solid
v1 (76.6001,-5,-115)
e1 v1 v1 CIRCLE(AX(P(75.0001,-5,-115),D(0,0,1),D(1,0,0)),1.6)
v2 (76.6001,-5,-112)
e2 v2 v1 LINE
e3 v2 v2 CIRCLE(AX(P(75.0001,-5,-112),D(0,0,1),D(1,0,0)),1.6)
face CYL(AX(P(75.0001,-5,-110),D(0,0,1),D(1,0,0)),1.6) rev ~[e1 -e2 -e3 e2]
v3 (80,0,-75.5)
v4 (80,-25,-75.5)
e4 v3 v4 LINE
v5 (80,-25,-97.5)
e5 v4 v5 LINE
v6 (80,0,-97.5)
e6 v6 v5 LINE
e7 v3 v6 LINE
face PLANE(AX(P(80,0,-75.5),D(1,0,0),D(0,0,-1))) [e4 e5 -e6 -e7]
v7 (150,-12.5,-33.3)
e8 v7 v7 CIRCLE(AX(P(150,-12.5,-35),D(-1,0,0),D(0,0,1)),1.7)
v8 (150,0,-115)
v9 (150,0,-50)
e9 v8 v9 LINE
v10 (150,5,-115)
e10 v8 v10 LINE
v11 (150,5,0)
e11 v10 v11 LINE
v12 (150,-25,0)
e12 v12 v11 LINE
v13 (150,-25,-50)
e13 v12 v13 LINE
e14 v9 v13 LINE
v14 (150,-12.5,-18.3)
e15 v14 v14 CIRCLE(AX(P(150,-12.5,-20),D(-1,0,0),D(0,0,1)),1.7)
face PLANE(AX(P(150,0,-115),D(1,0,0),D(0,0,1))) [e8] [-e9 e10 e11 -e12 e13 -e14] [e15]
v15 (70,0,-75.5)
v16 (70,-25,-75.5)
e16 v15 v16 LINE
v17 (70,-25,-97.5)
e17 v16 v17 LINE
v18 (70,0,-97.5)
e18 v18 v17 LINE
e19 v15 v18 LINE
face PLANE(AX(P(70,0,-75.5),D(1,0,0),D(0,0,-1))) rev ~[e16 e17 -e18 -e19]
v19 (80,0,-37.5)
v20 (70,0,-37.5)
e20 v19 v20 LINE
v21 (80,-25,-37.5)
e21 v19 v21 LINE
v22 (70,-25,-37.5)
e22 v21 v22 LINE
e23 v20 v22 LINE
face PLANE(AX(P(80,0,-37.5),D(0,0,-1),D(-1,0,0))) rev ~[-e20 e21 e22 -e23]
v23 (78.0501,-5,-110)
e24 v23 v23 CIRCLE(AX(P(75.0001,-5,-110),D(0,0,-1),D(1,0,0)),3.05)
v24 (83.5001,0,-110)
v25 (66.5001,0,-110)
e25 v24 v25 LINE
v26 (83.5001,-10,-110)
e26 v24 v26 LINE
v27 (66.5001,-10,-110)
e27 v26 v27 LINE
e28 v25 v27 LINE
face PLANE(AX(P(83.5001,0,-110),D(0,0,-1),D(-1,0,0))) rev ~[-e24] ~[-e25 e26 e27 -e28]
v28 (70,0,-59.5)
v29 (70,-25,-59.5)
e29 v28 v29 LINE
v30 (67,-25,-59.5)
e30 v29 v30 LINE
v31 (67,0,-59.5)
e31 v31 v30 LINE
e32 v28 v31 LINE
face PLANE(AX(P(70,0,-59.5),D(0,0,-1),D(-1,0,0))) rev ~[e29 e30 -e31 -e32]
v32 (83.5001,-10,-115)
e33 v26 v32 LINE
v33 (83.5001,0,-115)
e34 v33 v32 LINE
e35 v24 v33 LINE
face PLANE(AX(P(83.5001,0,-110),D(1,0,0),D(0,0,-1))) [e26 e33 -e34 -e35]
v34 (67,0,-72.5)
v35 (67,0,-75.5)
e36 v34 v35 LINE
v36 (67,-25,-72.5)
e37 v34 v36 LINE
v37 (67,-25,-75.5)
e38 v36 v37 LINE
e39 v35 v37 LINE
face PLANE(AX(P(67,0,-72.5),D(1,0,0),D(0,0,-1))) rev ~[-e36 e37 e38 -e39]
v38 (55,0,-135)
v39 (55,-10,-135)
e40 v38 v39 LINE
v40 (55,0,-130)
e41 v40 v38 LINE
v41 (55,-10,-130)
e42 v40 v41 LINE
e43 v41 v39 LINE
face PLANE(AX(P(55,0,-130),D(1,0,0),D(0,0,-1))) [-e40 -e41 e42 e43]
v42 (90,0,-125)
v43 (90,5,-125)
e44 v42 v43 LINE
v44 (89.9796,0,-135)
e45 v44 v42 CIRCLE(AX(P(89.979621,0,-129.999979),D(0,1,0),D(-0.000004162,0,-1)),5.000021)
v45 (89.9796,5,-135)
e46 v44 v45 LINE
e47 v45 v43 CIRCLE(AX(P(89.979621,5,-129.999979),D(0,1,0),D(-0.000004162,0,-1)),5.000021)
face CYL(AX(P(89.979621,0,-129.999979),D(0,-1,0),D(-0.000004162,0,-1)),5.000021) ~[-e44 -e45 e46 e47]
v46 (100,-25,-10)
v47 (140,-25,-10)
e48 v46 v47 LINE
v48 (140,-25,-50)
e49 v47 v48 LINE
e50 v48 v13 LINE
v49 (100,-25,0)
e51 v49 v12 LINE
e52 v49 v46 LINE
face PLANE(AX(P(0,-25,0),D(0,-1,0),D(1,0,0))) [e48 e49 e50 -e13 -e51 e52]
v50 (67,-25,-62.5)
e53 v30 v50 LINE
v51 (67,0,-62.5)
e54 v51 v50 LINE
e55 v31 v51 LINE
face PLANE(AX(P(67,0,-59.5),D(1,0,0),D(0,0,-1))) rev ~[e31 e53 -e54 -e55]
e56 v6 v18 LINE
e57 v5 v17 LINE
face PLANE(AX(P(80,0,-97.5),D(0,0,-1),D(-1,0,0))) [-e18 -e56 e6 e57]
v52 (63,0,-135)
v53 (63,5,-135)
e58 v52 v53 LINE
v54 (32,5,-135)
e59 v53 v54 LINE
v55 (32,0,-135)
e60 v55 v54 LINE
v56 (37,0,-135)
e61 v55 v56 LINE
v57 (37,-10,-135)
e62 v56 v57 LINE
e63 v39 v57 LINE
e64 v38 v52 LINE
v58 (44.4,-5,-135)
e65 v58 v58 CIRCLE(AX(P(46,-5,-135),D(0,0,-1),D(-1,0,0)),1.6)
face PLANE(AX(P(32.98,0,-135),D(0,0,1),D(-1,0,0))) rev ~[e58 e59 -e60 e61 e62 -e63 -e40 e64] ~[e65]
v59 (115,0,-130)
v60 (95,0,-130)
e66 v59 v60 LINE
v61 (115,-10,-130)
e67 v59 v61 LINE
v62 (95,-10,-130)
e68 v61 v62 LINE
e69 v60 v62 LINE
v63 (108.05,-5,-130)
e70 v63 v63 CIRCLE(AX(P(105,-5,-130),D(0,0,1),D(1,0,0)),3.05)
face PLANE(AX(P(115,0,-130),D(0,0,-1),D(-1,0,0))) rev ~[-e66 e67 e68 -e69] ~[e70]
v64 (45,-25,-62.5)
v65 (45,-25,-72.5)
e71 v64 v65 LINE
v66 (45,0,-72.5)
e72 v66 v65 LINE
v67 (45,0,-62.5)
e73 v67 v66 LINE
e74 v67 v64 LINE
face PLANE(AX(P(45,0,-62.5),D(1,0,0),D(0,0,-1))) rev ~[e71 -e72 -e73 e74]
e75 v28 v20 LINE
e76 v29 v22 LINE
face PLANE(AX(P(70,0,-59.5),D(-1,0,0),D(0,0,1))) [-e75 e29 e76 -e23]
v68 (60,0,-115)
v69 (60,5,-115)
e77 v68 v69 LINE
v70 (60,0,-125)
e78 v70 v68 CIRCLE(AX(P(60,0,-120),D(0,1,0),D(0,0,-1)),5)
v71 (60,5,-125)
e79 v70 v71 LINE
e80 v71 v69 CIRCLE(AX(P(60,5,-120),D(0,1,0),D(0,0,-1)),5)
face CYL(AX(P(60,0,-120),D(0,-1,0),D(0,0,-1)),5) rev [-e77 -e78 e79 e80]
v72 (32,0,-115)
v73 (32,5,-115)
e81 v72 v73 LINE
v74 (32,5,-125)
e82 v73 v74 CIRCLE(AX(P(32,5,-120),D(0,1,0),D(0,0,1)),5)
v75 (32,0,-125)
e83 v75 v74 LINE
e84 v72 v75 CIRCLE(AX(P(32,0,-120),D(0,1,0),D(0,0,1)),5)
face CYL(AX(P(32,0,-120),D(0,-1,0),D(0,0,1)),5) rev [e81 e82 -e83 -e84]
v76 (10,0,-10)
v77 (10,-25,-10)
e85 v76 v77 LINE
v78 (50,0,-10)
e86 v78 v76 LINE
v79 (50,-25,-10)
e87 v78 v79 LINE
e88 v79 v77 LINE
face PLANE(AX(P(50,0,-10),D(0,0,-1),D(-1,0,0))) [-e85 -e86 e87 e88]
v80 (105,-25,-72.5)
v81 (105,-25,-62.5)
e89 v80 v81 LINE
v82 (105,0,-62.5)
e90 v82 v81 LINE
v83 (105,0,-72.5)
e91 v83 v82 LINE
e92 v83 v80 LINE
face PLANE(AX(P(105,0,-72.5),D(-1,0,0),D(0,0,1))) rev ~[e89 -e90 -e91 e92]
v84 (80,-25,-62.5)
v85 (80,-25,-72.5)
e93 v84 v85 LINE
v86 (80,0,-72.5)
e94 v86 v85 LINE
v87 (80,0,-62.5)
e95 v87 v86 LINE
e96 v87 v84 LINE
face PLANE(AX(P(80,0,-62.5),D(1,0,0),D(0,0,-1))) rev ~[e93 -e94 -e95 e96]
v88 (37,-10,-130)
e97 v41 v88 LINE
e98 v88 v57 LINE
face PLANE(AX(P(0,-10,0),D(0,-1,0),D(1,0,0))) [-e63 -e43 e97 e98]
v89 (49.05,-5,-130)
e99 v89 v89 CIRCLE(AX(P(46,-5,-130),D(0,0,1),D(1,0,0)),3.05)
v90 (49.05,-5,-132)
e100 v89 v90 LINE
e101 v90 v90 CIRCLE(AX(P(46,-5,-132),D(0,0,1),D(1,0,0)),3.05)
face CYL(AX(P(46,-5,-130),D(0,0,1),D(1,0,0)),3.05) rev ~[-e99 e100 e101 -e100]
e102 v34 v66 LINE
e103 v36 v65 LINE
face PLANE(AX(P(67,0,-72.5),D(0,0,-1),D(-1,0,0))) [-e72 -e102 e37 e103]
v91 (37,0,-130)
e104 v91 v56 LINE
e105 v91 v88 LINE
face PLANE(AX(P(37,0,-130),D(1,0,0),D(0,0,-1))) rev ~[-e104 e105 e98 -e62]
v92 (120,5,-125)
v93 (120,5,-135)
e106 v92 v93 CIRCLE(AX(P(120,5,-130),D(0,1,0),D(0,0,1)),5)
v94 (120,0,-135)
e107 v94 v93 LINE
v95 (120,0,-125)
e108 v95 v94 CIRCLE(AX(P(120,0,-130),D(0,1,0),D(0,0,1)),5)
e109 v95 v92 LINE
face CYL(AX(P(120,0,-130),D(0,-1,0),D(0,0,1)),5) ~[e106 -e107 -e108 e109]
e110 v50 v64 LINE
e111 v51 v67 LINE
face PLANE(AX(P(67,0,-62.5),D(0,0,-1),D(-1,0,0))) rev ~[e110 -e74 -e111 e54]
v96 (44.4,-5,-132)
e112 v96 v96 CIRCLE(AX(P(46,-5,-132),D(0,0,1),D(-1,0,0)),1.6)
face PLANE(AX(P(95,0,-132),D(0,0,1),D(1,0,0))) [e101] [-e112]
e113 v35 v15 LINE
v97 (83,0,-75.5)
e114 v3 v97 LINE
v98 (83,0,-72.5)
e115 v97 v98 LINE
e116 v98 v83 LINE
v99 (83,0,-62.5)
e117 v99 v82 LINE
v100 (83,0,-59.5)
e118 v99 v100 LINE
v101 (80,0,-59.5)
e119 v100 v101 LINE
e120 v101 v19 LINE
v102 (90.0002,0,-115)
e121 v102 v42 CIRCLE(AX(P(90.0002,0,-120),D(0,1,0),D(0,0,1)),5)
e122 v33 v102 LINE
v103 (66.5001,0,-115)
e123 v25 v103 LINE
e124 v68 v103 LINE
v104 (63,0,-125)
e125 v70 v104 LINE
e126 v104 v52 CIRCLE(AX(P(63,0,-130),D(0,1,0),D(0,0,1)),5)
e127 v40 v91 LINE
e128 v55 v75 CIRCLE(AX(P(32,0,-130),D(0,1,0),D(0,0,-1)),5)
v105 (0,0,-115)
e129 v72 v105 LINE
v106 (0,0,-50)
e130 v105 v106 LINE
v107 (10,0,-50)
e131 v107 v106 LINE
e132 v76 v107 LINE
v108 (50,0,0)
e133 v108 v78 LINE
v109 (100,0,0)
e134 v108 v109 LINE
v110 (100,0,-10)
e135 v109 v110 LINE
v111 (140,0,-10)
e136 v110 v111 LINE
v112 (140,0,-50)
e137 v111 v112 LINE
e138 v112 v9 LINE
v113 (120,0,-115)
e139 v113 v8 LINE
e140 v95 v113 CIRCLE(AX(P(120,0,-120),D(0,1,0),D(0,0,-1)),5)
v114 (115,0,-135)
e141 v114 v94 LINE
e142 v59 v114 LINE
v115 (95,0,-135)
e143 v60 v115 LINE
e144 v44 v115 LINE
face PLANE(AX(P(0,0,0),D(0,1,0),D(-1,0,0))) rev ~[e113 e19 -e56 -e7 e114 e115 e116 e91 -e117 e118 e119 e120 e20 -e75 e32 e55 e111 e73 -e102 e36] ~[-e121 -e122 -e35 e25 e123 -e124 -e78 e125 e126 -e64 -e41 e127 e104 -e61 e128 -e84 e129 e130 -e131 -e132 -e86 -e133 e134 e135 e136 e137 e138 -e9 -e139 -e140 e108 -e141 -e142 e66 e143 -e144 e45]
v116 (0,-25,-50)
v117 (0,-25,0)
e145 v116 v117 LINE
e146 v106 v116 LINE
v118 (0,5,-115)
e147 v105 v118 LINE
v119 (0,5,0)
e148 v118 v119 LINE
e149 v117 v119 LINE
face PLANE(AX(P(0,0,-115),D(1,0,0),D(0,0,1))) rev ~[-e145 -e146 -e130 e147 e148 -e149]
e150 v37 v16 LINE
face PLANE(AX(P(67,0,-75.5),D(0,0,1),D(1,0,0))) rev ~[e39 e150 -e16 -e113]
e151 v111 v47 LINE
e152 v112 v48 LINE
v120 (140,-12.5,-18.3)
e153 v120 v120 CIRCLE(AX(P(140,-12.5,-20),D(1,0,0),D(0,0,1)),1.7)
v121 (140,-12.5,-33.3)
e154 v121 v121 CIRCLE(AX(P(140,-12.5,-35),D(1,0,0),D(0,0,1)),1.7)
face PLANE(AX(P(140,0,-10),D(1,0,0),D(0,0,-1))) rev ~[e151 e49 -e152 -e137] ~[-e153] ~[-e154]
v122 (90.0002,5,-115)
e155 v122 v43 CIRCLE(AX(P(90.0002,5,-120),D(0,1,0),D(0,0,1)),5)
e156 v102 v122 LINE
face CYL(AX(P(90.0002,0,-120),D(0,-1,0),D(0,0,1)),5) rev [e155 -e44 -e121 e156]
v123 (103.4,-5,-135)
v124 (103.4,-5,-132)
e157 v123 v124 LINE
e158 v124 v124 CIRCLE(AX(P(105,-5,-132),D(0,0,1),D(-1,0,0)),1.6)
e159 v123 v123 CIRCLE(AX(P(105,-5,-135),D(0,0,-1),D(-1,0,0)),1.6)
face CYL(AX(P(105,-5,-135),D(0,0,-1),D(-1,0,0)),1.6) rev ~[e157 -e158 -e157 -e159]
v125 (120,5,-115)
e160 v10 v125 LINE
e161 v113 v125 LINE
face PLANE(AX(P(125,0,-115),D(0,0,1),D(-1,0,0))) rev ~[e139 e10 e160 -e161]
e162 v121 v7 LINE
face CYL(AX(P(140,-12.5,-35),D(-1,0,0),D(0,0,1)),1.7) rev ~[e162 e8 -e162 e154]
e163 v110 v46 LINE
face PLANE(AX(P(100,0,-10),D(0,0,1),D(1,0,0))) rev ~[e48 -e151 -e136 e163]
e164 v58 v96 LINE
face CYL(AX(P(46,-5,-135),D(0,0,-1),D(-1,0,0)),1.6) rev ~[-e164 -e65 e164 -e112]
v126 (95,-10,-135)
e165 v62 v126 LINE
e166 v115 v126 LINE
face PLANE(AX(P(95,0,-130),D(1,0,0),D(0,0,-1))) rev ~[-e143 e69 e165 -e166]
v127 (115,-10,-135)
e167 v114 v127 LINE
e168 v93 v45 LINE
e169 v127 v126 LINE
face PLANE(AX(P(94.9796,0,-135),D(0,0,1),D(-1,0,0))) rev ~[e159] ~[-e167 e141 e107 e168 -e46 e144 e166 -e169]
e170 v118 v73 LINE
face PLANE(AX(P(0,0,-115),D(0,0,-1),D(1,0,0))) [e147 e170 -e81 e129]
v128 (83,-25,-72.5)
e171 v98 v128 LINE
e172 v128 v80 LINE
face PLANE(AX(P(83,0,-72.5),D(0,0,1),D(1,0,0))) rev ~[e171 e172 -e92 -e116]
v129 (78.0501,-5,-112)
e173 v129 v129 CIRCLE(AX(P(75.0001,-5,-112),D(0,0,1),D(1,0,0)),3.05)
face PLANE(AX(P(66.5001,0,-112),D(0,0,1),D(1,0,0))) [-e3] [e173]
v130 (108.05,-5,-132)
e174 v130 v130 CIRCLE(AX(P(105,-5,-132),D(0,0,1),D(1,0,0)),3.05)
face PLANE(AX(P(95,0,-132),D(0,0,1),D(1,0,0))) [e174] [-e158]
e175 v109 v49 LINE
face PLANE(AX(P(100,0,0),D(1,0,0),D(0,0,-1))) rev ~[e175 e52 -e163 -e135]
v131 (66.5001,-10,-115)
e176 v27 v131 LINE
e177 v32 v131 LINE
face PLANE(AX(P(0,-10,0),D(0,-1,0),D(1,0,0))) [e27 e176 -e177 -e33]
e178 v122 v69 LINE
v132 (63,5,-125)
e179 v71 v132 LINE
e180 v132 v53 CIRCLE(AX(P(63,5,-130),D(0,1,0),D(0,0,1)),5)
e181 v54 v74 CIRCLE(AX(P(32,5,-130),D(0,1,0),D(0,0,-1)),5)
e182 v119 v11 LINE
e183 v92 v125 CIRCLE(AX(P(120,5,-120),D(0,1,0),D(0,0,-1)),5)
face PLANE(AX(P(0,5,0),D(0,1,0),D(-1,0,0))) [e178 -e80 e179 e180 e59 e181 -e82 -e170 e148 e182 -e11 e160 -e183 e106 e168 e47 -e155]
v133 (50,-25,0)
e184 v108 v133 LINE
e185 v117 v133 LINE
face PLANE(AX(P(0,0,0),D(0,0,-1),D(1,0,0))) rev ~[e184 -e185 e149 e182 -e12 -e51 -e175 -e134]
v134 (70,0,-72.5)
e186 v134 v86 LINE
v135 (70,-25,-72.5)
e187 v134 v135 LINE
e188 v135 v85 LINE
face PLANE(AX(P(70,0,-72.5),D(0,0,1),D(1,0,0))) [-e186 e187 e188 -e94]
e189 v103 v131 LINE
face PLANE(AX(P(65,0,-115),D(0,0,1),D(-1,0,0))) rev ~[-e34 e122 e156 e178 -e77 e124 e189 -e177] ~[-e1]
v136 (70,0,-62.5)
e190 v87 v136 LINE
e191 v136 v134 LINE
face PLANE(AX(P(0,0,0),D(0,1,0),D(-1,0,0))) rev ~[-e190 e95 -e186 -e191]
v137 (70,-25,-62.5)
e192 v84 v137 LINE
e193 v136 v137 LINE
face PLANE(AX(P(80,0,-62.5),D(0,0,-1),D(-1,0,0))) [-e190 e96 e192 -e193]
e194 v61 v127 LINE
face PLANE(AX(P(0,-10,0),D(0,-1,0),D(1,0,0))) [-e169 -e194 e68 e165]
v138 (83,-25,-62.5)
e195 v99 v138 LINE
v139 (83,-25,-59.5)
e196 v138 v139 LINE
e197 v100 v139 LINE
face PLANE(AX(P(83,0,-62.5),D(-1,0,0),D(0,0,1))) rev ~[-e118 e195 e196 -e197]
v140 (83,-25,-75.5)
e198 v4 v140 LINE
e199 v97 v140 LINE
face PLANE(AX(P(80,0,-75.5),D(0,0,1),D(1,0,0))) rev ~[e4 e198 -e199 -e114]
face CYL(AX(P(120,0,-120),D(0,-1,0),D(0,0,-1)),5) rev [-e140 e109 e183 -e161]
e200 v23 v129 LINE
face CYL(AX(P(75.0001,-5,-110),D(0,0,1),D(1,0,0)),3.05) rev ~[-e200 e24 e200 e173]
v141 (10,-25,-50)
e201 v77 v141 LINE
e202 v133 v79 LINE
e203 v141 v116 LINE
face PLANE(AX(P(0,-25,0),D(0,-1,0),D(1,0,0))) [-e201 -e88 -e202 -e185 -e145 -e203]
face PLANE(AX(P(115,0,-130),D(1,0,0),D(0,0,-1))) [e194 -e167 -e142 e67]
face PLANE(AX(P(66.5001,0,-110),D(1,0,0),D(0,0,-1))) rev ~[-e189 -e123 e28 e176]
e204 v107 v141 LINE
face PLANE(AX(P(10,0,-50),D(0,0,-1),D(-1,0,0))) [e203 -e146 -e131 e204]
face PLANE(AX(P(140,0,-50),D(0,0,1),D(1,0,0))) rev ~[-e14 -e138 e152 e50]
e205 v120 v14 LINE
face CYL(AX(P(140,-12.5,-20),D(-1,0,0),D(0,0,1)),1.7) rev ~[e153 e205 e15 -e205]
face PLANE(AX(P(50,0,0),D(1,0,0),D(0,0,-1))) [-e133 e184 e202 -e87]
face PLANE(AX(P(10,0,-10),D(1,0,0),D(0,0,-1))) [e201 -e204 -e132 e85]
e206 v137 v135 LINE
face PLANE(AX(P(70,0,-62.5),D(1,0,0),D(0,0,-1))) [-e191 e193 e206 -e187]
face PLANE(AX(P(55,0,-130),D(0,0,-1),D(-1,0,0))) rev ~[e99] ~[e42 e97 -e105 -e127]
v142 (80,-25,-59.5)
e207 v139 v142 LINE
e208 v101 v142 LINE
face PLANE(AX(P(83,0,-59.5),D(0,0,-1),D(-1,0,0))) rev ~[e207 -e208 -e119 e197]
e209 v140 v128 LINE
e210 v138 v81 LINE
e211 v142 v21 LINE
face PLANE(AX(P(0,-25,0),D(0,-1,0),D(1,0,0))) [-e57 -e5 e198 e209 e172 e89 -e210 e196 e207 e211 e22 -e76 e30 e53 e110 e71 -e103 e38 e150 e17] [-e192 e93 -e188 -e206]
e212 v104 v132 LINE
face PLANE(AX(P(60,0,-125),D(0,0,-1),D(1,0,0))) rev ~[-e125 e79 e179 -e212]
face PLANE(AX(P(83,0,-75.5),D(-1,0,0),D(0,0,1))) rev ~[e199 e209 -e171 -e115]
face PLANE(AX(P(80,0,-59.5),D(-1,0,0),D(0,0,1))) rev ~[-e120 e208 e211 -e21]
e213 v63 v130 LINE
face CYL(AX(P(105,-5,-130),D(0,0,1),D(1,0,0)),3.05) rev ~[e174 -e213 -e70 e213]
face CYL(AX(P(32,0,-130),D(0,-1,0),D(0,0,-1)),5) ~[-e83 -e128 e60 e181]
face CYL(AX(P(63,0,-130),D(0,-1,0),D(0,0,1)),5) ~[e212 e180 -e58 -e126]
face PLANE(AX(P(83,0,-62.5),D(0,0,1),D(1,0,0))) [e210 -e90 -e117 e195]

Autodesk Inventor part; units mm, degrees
ref_plane "YZ Plane" through (0, 0, 0) normal (1, 0, 0) x (0, 1, 0)
ref_plane "XZ Plane" through (0, 0, 0) normal (0, 1, 0) x (-1, 0, 0)
ref_plane "XY Plane" through (0, 0, 0) normal (0, 0, 1) x (1, 0, 0)
sketch "puzzle" plane through (0, 0, 0) normal (0, 1, 0) x (-1, 0, 0)
  line L0 (0, 0) -> (-150, 0)
  line L1 (0, -115) -> (-15, -115)
  line L2 (-135, -115) -> (-125, -115)
  line L3 (-135, -115) -> (-150, -115)
  line L4 (-75, -115) -> (-65, -115)
  line L5 (-75, -115) -> (-85.0002, -115)
  line L6 (-105, -135) -> (-94.9796, -135)
  line L7 (-94.9796, -135) -> (-115, -135)
  line L8 (-65, -115) -> (-60, -115)
  line L9 (-60, -125) -> (-63, -125)
  arc A0 (-60, -125) -> (-60, -115) centre (-60, -120) ccw
  arc A1 (-63, -125) -> (-63, -135) centre (-63, -130) ccw
  line L10 (-85.0002, -115) -> (-90.0002, -115)
  line L11 (-94.9796, -135) -> (-89.9796, -135)
  arc A2 (-90.0002, -115) -> (-90, -125) centre (-90.0002, -120) ccw
  arc A3 (-89.9796, -135) -> (-90, -125) centre (-89.9796, -130) ccw
  line L12 (-115, -135) -> (-120, -135)
  line L13 (-125, -115) -> (-120, -115)
  arc A4 (-120, -125) -> (-120, -115) centre (-120, -120) ccw
  arc A5 (-120, -125) -> (-120, -135) centre (-120, -130) ccw
  line L14 (0, -115) -> (-30, -115)
  line L15 (-63, -135) -> (-32.98, -135)
  line L16 (-32.98, -135) -> (-32, -135)
  line L17 (-30, -115) -> (-32, -115)
  arc A6 (-32, -115) -> (-32, -125) centre (-32, -120) ccw
  arc A7 (-32, -135) -> (-32, -125) centre (-32, -130) ccw
  line L18 (-150, -115) -> (-150, 0)
  line L19 (0, -115) -> (0, 0)
  dimension "d22" = 5
  dimension "d23" = 5
  dimension "d24" = 5
  dimension "d25" = 5
  dimension "d26" = 5
extrude "Extrusión1" add sketch "puzzle" along normal blind 5
sketch "peus" plane through (0, 0, 0) normal (0, -1, 0) x (1, 0, 0)
  line L0 (150, 0) -> (145, 0)
  line L1 (150, 0) -> (100, 0)
  line L2 (0, -115) -> (0, 0) projected
  line L3 (0, 0) -> (50, 0)
  line L4 (50, 0) -> (50, -10)
  line L5 (0, 0) -> (10, 0)
  line L6 (10, -50) -> (0, -50)
  line L7 (0, -50) -> (0, 0)
  line L8 (50, -10) -> (10, -10)
  line L9 (10, -10) -> (10, -50)
  line L10 (100, 0) -> (100, -10)
  line L11 (100, -10) -> (140, -10)
  line L12 (140, -10) -> (140, -50)
  line L13 (140, -50) -> (150, -50)
  line L14 (150, 0) -> (150, -115) projected
  line L15 (150, 0) -> (150, -50)
  line L16 (0, 0) -> (150, 0) projected
  line L17 (45, -62.5) -> (45, -72.5)
  line L18 (105, -72.5) -> (105, -62.5)
  line L19 (80, -97.5) -> (70, -97.5)
  line L20 (80, -37.5) -> (70, -37.5)
  line L21 (80, -62.5) -> (70, -62.5)
  line L22 (70, -62.5) -> (70, -72.5)
  line L23 (70, -72.5) -> (80, -72.5)
  line L24 (80, -62.5) -> (80, -72.5)
  line L25 (83, -62.5) -> (83, -59.5)
  line L26 (83, -59.5) -> (80, -59.5)
  line L27 (70, -59.5) -> (67, -59.5)
  line L28 (67, -59.5) -> (67, -62.5)
  line L29 (67, -72.5) -> (67, -75.5)
  line L30 (67, -75.5) -> (70, -75.5)
  line L31 (80, -75.5) -> (83, -75.5)
  line L32 (83, -75.5) -> (83, -72.5)
  line L33 (83, -72.5) -> (105, -72.5)
  line L34 (83, -62.5) -> (105, -62.5)
  line L35 (80, -59.5) -> (80, -37.5)
  line L36 (70, -59.5) -> (70, -37.5)
  line L37 (67, -62.5) -> (45, -62.5)
  line L38 (67, -72.5) -> (45, -72.5)
  line L39 (70, -75.5) -> (70, -97.5)
  line L40 (80, -75.5) -> (80, -97.5)
  line L41 (83, -72.5) -> (105, -72.5)
  dimension "d70" = 3
extrude "Extrusión3" add sketch "peus" along normal blind 25
sketch "Boceto4" plane through (0, 0, 0) normal (0, -1, 0) x (1, 0, 0)
  line L0 (55, -135) -> (37, -135)
  line L1 (120, -135) -> (89.9796, -135) projected
  line L2 (115, -135) -> (95, -135)
  line L3 (90.0002, -115) -> (60, -115) projected
  line L4 (75.0001, -115) -> (83.5001, -115)
  line L5 (83.5001, -115) -> (66.5001, -115)
  line L6 (83.5001, -110) -> (66.5001, -110)
  line L7 (83.5001, -110) -> (83.5001, -115)
  line L8 (66.5001, -110) -> (66.5001, -115)
  line L9 (55, -130) -> (37, -130)
  line L10 (55, -130) -> (55, -135)
  line L11 (37, -130) -> (37, -135)
  line L12 (115, -130) -> (95, -130)
  line L13 (95, -130) -> (95, -135)
  line L14 (115, -130) -> (115, -135)
  point P0 (0, 0)
extrude "Extrusión4" add sketch "Boceto4" along normal blind 10
sketch "Boceto5" plane through (55, 0, -135) normal (0, 0, -1) x (-1, 0, 0)
  circle A0 centre (9, -5) radius 1.6
  circle A1 centre (-50, -5) radius 1.6
  point P0 (55, 0)
  dimension "d81" = 3.2
  dimension "d82" = 3.2
extrude "Extrusión5" cut sketch "Boceto5" against normal blind 14.25
sketch "Boceto6" plane through (95, 0, -130) normal (0, 0, 1) x (1, 0, 0)
  circle A0 centre (-49, -5) radius 1.6 projected
  circle A1 centre (-49, -5) radius 3.05
  circle A2 centre (10, -5) radius 1.6 projected
  circle A3 centre (10, -5) radius 3.05
  point P0 (-95, 0)
  dimension "d85" = 6.1
  dimension "d86" = 6.1
extrude "Extrusión6" cut sketch "Boceto6" against normal blind 2
sketch "Boceto7" plane through (66.5001, 0, -110) normal (0, 0, 1) x (1, 0, 0)
  line L0 (17, -10) -> (0, -10) projected
  line L1 (8.5, -10) -> (8.5, 0)
  line L2 (0, 0) -> (17, 0) projected
  circle A0 centre (8.5, -5) radius 3.05
  point P0 (-66.5001, 0)
  dimension "d89" = 6.1
extrude "Extrusión7" cut sketch "Boceto7" against normal blind 2
sketch "Boceto8" plane through (66.5001, 0, -110) normal (0, 0, 1) x (1, 0, 0)
  circle A0 centre (8.5, -5) radius 3.05 projected
  circle A1 centre (8.5, -5) radius 1.6
  point P0 (-66.5001, 0)
  dimension "d92" = 3.2
extrude "Extrusión8" cut sketch "Boceto8" against normal blind 13 contours A1
sketch "Boceto9" plane through (140, 0, -50) normal (-1, 0, 0) x (0, 0, 1)
  line L0 (0, 0) -> (0, -25) projected
  line L1 (0, -25) -> (40, -25)
  line L2 (40, -25) -> (0, -25) projected
  line L3 (0, 0) -> (40, 0) projected
  line L4 (0, 0) -> (0, -25) projected
  line L5 (0, -25) -> (15, -25)
  line L6 (15, -25) -> (15, 0)
  line L7 (15, -25) -> (30, -25)
  line L8 (30, -25) -> (30, 0)
  circle A0 centre (15, -12.5) radius 1.7
  circle A1 centre (30, -12.5) radius 1.7
  point P0 (50, 0)
  dimension "d96" = 15
  dimension "d97" = 15
  dimension "d98" = 3.4
  dimension "d99" = 3.4
extrude "Extrusión9" cut sketch "Boceto9" against normal blind 19.75 contours A0 L6 | L6 A0 | A1 L8 | L8 A1
properties part number "base auxiliar 1"
